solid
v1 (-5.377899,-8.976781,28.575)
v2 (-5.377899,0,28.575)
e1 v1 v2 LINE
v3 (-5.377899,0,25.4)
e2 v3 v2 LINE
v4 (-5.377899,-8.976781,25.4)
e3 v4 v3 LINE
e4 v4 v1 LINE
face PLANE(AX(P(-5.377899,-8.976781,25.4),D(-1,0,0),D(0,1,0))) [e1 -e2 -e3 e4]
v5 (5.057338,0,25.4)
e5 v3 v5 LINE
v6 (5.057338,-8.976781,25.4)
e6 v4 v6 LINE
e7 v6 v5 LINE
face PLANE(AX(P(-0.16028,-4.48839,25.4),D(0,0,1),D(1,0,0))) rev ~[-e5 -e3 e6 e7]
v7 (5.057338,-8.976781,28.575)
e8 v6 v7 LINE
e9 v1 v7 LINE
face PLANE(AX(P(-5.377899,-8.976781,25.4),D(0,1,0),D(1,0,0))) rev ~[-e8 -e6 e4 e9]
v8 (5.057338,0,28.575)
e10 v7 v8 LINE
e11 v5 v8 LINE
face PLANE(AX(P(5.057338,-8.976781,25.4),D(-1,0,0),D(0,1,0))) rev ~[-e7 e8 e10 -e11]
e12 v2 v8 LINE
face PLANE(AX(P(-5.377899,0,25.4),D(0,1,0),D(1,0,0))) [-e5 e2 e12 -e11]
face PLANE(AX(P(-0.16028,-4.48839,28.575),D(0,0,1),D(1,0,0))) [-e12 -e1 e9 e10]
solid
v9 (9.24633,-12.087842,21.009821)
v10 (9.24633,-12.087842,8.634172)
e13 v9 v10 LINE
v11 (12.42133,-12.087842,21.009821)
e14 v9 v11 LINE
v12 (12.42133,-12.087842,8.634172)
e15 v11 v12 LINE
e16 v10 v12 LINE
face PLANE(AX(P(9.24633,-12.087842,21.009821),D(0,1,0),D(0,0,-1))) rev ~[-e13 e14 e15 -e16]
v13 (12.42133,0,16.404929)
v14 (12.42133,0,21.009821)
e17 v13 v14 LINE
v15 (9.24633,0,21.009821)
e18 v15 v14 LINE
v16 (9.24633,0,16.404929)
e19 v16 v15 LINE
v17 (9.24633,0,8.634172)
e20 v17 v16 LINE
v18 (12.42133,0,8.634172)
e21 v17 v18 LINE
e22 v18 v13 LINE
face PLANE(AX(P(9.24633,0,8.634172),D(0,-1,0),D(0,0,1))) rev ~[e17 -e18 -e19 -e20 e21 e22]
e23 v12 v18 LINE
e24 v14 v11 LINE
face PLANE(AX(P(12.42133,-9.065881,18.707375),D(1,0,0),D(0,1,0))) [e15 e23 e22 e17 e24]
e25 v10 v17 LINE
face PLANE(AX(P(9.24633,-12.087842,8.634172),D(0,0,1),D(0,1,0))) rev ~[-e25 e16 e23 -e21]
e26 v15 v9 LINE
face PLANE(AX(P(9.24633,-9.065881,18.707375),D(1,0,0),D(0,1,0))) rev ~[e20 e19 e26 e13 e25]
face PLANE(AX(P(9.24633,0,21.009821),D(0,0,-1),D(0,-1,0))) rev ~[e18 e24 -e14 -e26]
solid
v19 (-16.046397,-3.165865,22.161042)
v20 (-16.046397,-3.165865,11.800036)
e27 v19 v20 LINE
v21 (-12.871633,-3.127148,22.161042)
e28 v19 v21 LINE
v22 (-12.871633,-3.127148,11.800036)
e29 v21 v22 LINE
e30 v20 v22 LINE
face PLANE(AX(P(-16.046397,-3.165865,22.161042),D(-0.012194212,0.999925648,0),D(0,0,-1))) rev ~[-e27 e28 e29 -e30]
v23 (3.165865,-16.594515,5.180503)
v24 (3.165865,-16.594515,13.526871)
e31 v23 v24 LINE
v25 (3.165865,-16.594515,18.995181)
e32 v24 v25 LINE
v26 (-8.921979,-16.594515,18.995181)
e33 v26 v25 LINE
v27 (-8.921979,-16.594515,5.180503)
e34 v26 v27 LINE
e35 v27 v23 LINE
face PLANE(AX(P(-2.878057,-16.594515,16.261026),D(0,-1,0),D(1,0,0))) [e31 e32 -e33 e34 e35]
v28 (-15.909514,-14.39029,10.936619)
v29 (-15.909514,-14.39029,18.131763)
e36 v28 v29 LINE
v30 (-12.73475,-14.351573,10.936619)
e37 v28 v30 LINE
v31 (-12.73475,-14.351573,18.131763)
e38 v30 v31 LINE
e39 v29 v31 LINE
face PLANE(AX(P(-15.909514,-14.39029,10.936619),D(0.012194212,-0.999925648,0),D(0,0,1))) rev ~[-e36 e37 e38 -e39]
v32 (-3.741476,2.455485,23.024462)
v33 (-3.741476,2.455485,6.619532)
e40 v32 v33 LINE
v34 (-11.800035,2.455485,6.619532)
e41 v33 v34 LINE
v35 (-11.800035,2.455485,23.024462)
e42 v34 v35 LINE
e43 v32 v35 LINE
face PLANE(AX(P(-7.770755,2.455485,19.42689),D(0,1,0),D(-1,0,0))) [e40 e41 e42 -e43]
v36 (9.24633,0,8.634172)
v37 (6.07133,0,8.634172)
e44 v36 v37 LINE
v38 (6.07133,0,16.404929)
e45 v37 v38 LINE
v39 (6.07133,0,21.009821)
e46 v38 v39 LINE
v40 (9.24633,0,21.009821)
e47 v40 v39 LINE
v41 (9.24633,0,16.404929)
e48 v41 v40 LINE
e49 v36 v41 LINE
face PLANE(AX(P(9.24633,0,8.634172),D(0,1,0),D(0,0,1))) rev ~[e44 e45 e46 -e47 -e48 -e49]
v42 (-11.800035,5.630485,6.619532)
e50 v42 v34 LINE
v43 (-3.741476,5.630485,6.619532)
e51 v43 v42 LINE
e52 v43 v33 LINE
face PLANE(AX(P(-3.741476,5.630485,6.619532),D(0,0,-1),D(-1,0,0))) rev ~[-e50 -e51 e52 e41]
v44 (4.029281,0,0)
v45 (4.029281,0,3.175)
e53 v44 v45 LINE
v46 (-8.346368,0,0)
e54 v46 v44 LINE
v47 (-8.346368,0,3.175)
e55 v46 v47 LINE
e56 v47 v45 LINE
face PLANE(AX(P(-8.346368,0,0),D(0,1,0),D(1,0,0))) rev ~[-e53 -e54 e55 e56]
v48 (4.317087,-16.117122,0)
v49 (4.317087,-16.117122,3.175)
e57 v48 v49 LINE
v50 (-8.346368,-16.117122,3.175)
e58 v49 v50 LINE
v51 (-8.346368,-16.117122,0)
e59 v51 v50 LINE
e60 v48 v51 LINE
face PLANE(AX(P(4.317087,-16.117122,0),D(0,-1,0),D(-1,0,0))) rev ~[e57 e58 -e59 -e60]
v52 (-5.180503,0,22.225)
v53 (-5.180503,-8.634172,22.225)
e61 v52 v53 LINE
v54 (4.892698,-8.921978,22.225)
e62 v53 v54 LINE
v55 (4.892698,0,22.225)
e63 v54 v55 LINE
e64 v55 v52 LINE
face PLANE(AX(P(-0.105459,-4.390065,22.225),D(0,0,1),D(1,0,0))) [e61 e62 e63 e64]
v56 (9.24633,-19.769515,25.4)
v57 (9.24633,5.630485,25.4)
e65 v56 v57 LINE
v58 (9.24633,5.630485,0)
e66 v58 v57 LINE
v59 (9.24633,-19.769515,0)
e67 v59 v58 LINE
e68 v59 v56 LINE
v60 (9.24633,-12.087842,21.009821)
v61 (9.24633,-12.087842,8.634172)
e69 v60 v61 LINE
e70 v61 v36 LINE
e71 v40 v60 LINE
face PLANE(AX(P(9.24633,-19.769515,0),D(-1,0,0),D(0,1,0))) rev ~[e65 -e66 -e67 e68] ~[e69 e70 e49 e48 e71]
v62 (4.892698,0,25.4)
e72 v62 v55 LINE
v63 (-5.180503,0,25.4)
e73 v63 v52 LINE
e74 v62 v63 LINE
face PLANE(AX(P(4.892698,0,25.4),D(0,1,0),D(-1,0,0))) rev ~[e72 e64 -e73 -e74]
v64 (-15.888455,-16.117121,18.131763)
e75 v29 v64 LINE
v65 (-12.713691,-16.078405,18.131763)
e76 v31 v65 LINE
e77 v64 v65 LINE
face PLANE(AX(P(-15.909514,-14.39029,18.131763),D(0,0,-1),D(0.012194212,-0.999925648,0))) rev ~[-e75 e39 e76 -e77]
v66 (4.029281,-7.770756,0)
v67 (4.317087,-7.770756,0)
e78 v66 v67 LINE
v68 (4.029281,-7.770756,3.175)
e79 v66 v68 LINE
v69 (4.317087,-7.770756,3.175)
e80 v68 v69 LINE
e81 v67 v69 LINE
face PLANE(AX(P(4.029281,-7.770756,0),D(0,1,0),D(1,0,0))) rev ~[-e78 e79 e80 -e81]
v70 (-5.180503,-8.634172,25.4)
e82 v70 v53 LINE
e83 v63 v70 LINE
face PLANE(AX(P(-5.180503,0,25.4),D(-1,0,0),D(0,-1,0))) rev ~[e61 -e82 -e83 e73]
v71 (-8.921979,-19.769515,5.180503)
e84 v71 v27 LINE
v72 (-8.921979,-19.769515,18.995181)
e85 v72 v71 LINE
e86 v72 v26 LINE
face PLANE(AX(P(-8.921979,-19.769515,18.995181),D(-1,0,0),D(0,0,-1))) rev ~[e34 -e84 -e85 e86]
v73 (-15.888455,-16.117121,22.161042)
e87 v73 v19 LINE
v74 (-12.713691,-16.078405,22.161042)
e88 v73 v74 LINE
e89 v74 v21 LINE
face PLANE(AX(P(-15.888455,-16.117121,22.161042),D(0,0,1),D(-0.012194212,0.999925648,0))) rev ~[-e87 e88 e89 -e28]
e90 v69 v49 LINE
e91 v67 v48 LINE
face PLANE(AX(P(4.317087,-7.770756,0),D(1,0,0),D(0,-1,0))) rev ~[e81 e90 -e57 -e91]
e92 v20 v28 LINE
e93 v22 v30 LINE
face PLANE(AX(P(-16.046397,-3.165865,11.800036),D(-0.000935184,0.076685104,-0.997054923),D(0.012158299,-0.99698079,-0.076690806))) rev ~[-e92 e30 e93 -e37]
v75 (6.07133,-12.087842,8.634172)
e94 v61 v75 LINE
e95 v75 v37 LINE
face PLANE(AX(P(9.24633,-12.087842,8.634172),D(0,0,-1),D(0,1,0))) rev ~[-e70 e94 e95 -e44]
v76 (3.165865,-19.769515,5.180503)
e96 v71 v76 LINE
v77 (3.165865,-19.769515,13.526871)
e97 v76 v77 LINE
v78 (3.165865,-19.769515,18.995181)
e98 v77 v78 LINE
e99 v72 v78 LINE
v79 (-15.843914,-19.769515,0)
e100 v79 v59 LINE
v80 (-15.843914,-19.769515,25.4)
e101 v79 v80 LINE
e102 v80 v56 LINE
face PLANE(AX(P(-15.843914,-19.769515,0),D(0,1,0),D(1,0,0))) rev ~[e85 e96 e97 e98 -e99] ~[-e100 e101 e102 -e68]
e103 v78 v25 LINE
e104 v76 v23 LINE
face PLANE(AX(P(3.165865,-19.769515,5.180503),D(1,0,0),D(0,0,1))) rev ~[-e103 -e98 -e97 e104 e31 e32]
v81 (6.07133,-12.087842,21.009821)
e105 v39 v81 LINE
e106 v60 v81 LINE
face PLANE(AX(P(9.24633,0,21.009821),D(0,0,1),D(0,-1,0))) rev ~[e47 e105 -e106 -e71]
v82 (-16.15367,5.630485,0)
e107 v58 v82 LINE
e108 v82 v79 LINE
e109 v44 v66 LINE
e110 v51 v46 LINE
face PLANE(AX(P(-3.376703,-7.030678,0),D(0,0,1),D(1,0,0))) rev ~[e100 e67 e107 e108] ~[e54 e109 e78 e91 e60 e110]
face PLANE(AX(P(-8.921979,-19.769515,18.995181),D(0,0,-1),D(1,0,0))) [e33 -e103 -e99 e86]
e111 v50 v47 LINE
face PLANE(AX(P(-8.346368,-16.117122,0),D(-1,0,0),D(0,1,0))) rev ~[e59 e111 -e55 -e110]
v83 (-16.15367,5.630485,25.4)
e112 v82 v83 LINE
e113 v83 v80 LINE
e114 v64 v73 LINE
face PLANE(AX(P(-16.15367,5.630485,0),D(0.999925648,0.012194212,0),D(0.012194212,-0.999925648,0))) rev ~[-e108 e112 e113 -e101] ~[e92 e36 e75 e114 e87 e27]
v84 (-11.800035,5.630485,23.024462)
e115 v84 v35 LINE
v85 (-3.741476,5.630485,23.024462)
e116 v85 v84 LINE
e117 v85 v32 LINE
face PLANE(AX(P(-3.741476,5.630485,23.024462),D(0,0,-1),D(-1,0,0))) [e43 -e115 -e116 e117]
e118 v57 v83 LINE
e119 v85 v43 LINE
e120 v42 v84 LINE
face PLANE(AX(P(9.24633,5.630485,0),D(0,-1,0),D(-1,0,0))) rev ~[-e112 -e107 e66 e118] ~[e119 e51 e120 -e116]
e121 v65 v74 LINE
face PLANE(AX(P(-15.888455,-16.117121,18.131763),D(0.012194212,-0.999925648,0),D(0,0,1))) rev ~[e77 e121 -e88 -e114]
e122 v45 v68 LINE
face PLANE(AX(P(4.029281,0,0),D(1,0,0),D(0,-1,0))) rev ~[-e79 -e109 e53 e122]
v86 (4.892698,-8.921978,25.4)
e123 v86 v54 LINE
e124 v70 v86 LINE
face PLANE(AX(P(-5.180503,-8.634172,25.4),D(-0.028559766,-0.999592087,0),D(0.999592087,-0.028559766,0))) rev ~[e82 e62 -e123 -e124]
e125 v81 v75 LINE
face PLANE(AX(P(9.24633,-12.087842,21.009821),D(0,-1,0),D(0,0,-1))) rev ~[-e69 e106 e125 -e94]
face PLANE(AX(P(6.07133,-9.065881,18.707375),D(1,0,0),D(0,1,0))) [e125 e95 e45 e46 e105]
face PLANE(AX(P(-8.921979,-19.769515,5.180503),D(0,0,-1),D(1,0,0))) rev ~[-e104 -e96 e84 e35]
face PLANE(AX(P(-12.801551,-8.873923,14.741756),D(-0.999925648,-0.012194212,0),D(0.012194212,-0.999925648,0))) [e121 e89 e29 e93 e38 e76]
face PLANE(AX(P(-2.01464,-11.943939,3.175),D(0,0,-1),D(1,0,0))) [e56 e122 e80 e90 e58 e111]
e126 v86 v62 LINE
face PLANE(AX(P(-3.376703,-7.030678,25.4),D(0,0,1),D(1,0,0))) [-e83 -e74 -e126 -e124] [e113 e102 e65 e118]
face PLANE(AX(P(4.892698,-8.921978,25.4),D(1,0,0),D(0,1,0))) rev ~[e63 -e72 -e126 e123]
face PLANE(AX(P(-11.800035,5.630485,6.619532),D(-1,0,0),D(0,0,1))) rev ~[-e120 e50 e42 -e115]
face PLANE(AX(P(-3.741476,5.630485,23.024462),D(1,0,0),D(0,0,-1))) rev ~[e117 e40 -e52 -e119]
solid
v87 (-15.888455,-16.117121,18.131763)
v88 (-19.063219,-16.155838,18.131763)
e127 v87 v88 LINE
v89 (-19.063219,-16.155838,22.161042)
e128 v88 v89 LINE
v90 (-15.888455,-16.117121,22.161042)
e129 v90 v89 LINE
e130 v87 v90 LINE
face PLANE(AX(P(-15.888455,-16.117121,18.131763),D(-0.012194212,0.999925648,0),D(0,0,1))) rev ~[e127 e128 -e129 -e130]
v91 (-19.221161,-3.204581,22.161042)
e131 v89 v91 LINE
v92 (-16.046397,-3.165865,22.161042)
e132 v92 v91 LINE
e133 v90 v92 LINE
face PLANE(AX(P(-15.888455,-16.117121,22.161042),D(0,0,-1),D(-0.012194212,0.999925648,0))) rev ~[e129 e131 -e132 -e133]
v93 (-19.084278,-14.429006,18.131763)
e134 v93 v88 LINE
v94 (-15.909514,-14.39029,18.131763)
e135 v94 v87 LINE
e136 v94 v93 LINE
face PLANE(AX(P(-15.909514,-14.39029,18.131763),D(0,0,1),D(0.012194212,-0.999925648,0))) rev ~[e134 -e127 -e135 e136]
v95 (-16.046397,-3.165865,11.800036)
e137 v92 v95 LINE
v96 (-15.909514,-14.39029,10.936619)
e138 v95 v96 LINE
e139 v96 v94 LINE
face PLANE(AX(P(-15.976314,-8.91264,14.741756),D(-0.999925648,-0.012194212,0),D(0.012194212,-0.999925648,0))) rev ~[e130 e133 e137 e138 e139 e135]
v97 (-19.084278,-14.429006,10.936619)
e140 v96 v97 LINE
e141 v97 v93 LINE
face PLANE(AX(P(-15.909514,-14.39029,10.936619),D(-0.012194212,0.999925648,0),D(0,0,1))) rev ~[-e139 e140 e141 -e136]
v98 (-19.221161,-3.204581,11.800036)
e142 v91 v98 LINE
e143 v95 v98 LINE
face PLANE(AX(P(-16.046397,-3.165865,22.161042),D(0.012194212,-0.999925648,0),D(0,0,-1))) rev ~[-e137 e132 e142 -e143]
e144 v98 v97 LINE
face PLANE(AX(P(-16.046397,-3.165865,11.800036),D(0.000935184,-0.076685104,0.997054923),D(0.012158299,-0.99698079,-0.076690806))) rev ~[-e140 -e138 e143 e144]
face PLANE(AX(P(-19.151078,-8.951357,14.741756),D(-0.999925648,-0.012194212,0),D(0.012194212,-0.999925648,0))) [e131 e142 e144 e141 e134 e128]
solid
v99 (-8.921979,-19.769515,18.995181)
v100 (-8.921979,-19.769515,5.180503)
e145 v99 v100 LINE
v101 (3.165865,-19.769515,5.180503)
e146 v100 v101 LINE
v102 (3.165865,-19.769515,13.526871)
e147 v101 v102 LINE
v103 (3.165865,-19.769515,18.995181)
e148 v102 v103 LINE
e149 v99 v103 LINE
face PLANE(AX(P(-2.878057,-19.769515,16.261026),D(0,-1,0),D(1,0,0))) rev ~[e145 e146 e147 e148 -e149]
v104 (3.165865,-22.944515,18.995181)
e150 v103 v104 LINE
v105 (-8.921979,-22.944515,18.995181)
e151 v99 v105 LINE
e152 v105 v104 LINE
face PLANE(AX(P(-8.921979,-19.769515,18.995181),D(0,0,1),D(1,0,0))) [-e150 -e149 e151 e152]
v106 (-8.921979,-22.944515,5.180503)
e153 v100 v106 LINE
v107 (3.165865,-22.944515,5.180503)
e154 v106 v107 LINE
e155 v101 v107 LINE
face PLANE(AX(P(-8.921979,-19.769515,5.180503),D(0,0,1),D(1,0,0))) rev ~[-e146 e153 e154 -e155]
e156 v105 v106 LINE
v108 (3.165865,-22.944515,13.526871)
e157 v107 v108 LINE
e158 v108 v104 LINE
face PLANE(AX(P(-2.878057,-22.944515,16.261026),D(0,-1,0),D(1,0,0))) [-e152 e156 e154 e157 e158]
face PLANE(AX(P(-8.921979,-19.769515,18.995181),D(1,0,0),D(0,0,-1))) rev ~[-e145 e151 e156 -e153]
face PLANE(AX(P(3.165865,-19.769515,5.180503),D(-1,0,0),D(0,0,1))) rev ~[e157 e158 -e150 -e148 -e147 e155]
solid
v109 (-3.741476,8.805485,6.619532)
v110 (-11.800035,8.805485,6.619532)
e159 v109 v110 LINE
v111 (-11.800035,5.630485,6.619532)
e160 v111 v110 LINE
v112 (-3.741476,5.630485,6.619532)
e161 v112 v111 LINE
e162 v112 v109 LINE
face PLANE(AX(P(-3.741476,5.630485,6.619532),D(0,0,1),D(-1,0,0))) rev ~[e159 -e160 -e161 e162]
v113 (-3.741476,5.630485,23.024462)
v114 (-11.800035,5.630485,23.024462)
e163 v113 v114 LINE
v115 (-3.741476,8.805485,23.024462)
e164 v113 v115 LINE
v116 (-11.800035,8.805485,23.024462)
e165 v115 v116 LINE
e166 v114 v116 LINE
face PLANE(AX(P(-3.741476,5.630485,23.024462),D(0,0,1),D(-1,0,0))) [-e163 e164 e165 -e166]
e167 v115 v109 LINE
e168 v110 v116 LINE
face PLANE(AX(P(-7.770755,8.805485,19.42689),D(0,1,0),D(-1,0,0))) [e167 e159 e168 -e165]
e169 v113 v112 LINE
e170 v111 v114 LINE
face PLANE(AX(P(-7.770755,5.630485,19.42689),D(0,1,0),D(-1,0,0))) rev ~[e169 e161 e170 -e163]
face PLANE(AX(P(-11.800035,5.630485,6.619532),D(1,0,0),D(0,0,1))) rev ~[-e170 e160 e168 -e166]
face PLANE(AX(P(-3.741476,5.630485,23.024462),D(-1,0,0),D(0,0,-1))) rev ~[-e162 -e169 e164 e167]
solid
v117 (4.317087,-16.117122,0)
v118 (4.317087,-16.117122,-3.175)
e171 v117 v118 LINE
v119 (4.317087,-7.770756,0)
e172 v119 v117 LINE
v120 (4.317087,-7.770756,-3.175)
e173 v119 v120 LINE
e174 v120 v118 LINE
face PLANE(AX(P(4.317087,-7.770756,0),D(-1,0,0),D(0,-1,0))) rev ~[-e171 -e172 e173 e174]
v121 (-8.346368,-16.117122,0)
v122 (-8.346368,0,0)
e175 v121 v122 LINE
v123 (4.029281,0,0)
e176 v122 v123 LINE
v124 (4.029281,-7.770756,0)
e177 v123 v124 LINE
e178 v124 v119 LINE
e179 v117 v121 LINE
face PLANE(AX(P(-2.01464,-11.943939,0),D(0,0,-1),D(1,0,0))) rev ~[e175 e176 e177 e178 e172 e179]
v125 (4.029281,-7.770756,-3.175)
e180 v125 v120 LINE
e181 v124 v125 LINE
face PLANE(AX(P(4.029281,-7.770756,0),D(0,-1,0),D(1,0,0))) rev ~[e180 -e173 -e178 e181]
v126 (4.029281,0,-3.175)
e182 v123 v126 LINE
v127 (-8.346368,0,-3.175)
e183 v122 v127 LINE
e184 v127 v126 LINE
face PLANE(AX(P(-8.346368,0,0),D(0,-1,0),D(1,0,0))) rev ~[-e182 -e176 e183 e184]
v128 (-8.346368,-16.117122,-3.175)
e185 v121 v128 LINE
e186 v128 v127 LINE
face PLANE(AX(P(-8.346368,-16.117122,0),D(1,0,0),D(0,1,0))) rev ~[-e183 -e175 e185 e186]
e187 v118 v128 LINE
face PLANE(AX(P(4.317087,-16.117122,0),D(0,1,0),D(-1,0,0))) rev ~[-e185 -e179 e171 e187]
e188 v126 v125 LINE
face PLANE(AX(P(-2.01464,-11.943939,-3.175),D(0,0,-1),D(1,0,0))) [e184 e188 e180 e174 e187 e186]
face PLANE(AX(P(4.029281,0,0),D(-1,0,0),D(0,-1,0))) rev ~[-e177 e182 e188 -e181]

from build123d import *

# Parameters (mm, degrees)
F1_DEPTH  = 25.4
F4_DEPTH  = 3.175
F5_W      = 6.0439207591
F5_H      = 4.6048928052
F6_DEPTH  = 3.175
F7_W      = 8.0585589167
F7_H      = 7.1951448917
F7_H_2    = 9.2097851448
F8_DEPTH  = 3.175
F9_W      = 12.0878436137
F9_H      = 5.468309857
F10_DEPTH = 3.175
F11_W     = 5.6126299314
F11_H     = 4.0292795748
F11_W_2   = 1.726959832
F12_DEPTH = 3.175
F13_W     = 12.3756490648
F13_H     = 7.7707557939
F14_DEPTH = 3.175
F15_W     = 10.4352370836
F15_H     = 8.9767808095
F16_DEPTH = 3.175
F17_DEPTH = 3.175
F18_DEPTH = 3.175
F19_DEPTH = 3.175
F20_DEPTH = 3.175
F21_DEPTH = 3.175


with BuildPart() as f1:
    # F0 (on Top) → F1 (new body)
    with BuildSketch(Plane.XY):
        Polygon((9.2463303961, 5.6304850562), (-16.1536696039, 5.6304850562), (-15.8439135919, -19.7695149438), (9.2463303961, -19.7695149438), align=None)
    extrude(amount=F1_DEPTH)

    # F2 (on face) → F4 (cut)
    with BuildSketch(Plane.XY.offset(25.4)):
        Polygon((-5.1805032417, 0), (-5.1805032417, -8.63417238), (4.8926984891, -8.9219780639), (4.8926984891, 0), align=None)
    extrude(amount=-F4_DEPTH, mode=Mode.SUBTRACT)

    # F5 (on face) → F6 (cut)
    with BuildSketch(Plane.YZ.offset(9.2463303961)):
        with Locations((-9.0658811387, 18.7073750421)):
            Rectangle(F5_W, F5_H)
        Polygon((-6.0439207591, 16.4049286395), (-12.0878415182, 16.4049286395), (-12.0878415182, 8.63417238), (0, 8.63417238), (0, 16.4049286395), align=None)
        with Locations((-3.0219603796, 18.7073750421)):
            Rectangle(F5_W, F5_H)
    extrude(amount=-F6_DEPTH, mode=Mode.SUBTRACT)

    # F7 (on face) → F8 (cut)
    with BuildSketch(Plane(origin=(0, 5.6304850562, 0), x_dir=(-1, 0, 0), z_dir=(0, 1, 0))):
        with Locations((7.7707554447, 19.4268897176)):
            Rectangle(F7_W, F7_H)
        with Locations((7.7707554447, 11.2244246993)):
            Rectangle(F7_W, F7_H_2)
    extrude(amount=-F8_DEPTH, mode=Mode.SUBTRACT)

    # F9 (on face) → F10 (cut)
    with BuildSketch(Plane.XZ.offset(19.7695149438)):
        with Locations((-2.8780571884, 16.2610257976)):
            Rectangle(F9_W, F9_H)
        Polygon((3.1658646185, 13.5268708691), (-8.9219789952, 13.5268708691), (-8.9219789952, 5.1805032417), (-7.1951430291, 5.1805032417), (3.1658646185, 5.1805032417), align=None)
    extrude(amount=-F10_DEPTH, mode=Mode.SUBTRACT)

    # F11 (on face) → F12 (cut)
    with BuildSketch(Plane(origin=(-16.08261335, -0.1961293769, 0), x_dir=(0.0121942118, -0.9999256478, 0), z_dir=(-0.9999256478, -0.0121942118, 0))):
        Polygon((2.9699560255, 18.131762743), (2.9699560255, 11.8000358343), (14.1952158883, 10.9366187826), (14.1952158883, 18.131762743), (8.5825859569, 18.131762743), align=None)
        with Locations((5.7762709912, 20.1464025304)):
            Rectangle(F11_W, F11_H)
        with Locations((11.3889009226, 20.1464025304)):
            Rectangle(F11_W, F11_H)
        with Locations((15.0586958043, 20.1464025304)):
            Rectangle(F11_W_2, F11_H)
    extrude(amount=-F12_DEPTH, mode=Mode.SUBTRACT)

    # F13 (on face) → F14 (cut)
    with BuildSketch(Plane(origin=(0, 0, 0), x_dir=(1, 0, 0), z_dir=(0, 0, -1))):
        Polygon((-8.3463676274, 16.1171220243), (-8.3463676274, 7.7707557939), (4.0292814374, 7.7707557939), (4.3170871213, 7.7707557939), (4.3170871213, 16.1171220243), align=None)
        with Locations((-2.158543095, 3.8853778969)):
            Rectangle(F13_W, F13_H)
    extrude(amount=-F14_DEPTH, mode=Mode.SUBTRACT)


with BuildPart() as f16:
    # F15 (on face) → F16 (new body)
    with BuildSketch(Plane.XY.offset(25.4)):
        with Locations((-0.1602803823, -4.4883904047)):
            Rectangle(F15_W, F15_H)
    extrude(amount=F16_DEPTH)


with BuildPart() as f17:
    # F5 (on face) → F17 (new body)
    with BuildSketch(Plane.YZ.offset(9.2463303961)):
        with Locations((-9.0658811387, 18.7073750421)):
            Rectangle(F5_W, F5_H)
        Polygon((-6.0439207591, 16.4049286395), (-12.0878415182, 16.4049286395), (-12.0878415182, 8.63417238), (0, 8.63417238), (0, 16.4049286395), align=None)
        with Locations((-3.0219603796, 18.7073750421)):
            Rectangle(F5_W, F5_H)
    extrude(amount=F17_DEPTH)


with BuildPart() as f18:
    # F7 (on face) → F18 (new body)
    with BuildSketch(Plane(origin=(0, 5.6304850562, 0), x_dir=(-1, 0, 0), z_dir=(0, 1, 0))):
        with Locations((7.7707554447, 19.4268897176)):
            Rectangle(F7_W, F7_H)
        with Locations((7.7707554447, 11.2244246993)):
            Rectangle(F7_W, F7_H_2)
    extrude(amount=F18_DEPTH)


with BuildPart() as f19:
    # F11 (on face) → F19 (new body)
    with BuildSketch(Plane(origin=(-16.08261335, -0.1961293769, 0), x_dir=(0.0121942118, -0.9999256478, 0), z_dir=(-0.9999256478, -0.0121942118, 0))):
        Polygon((2.9699560255, 18.131762743), (2.9699560255, 11.8000358343), (14.1952158883, 10.9366187826), (14.1952158883, 18.131762743), (8.5825859569, 18.131762743), align=None)
        with Locations((5.7762709912, 20.1464025304)):
            Rectangle(F11_W, F11_H)
        with Locations((11.3889009226, 20.1464025304)):
            Rectangle(F11_W, F11_H)
        with Locations((15.0586958043, 20.1464025304)):
            Rectangle(F11_W_2, F11_H)
    extrude(amount=F19_DEPTH)


with BuildPart() as f20:
    # F9 (on face) → F20 (new body)
    with BuildSketch(Plane.XZ.offset(19.7695149438)):
        with Locations((-2.8780571884, 16.2610257976)):
            Rectangle(F9_W, F9_H)
        Polygon((3.1658646185, 13.5268708691), (-8.9219789952, 13.5268708691), (-8.9219789952, 5.1805032417), (-7.1951430291, 5.1805032417), (3.1658646185, 5.1805032417), align=None)
    extrude(amount=F20_DEPTH)


with BuildPart() as f21:
    # F13 (on face) → F21 (new body)
    with BuildSketch(Plane(origin=(0, 0, 0), x_dir=(1, 0, 0), z_dir=(0, 0, -1))):
        Polygon((-8.3463676274, 16.1171220243), (-8.3463676274, 7.7707557939), (4.0292814374, 7.7707557939), (4.3170871213, 7.7707557939), (4.3170871213, 16.1171220243), align=None)
        with Locations((-2.158543095, 3.8853778969)):
            Rectangle(F13_W, F13_H)
    extrude(amount=F21_DEPTH)


solid = Compound([f1.part, f16.part, f17.part, f18.part, f19.part, f20.part, f21.part])
